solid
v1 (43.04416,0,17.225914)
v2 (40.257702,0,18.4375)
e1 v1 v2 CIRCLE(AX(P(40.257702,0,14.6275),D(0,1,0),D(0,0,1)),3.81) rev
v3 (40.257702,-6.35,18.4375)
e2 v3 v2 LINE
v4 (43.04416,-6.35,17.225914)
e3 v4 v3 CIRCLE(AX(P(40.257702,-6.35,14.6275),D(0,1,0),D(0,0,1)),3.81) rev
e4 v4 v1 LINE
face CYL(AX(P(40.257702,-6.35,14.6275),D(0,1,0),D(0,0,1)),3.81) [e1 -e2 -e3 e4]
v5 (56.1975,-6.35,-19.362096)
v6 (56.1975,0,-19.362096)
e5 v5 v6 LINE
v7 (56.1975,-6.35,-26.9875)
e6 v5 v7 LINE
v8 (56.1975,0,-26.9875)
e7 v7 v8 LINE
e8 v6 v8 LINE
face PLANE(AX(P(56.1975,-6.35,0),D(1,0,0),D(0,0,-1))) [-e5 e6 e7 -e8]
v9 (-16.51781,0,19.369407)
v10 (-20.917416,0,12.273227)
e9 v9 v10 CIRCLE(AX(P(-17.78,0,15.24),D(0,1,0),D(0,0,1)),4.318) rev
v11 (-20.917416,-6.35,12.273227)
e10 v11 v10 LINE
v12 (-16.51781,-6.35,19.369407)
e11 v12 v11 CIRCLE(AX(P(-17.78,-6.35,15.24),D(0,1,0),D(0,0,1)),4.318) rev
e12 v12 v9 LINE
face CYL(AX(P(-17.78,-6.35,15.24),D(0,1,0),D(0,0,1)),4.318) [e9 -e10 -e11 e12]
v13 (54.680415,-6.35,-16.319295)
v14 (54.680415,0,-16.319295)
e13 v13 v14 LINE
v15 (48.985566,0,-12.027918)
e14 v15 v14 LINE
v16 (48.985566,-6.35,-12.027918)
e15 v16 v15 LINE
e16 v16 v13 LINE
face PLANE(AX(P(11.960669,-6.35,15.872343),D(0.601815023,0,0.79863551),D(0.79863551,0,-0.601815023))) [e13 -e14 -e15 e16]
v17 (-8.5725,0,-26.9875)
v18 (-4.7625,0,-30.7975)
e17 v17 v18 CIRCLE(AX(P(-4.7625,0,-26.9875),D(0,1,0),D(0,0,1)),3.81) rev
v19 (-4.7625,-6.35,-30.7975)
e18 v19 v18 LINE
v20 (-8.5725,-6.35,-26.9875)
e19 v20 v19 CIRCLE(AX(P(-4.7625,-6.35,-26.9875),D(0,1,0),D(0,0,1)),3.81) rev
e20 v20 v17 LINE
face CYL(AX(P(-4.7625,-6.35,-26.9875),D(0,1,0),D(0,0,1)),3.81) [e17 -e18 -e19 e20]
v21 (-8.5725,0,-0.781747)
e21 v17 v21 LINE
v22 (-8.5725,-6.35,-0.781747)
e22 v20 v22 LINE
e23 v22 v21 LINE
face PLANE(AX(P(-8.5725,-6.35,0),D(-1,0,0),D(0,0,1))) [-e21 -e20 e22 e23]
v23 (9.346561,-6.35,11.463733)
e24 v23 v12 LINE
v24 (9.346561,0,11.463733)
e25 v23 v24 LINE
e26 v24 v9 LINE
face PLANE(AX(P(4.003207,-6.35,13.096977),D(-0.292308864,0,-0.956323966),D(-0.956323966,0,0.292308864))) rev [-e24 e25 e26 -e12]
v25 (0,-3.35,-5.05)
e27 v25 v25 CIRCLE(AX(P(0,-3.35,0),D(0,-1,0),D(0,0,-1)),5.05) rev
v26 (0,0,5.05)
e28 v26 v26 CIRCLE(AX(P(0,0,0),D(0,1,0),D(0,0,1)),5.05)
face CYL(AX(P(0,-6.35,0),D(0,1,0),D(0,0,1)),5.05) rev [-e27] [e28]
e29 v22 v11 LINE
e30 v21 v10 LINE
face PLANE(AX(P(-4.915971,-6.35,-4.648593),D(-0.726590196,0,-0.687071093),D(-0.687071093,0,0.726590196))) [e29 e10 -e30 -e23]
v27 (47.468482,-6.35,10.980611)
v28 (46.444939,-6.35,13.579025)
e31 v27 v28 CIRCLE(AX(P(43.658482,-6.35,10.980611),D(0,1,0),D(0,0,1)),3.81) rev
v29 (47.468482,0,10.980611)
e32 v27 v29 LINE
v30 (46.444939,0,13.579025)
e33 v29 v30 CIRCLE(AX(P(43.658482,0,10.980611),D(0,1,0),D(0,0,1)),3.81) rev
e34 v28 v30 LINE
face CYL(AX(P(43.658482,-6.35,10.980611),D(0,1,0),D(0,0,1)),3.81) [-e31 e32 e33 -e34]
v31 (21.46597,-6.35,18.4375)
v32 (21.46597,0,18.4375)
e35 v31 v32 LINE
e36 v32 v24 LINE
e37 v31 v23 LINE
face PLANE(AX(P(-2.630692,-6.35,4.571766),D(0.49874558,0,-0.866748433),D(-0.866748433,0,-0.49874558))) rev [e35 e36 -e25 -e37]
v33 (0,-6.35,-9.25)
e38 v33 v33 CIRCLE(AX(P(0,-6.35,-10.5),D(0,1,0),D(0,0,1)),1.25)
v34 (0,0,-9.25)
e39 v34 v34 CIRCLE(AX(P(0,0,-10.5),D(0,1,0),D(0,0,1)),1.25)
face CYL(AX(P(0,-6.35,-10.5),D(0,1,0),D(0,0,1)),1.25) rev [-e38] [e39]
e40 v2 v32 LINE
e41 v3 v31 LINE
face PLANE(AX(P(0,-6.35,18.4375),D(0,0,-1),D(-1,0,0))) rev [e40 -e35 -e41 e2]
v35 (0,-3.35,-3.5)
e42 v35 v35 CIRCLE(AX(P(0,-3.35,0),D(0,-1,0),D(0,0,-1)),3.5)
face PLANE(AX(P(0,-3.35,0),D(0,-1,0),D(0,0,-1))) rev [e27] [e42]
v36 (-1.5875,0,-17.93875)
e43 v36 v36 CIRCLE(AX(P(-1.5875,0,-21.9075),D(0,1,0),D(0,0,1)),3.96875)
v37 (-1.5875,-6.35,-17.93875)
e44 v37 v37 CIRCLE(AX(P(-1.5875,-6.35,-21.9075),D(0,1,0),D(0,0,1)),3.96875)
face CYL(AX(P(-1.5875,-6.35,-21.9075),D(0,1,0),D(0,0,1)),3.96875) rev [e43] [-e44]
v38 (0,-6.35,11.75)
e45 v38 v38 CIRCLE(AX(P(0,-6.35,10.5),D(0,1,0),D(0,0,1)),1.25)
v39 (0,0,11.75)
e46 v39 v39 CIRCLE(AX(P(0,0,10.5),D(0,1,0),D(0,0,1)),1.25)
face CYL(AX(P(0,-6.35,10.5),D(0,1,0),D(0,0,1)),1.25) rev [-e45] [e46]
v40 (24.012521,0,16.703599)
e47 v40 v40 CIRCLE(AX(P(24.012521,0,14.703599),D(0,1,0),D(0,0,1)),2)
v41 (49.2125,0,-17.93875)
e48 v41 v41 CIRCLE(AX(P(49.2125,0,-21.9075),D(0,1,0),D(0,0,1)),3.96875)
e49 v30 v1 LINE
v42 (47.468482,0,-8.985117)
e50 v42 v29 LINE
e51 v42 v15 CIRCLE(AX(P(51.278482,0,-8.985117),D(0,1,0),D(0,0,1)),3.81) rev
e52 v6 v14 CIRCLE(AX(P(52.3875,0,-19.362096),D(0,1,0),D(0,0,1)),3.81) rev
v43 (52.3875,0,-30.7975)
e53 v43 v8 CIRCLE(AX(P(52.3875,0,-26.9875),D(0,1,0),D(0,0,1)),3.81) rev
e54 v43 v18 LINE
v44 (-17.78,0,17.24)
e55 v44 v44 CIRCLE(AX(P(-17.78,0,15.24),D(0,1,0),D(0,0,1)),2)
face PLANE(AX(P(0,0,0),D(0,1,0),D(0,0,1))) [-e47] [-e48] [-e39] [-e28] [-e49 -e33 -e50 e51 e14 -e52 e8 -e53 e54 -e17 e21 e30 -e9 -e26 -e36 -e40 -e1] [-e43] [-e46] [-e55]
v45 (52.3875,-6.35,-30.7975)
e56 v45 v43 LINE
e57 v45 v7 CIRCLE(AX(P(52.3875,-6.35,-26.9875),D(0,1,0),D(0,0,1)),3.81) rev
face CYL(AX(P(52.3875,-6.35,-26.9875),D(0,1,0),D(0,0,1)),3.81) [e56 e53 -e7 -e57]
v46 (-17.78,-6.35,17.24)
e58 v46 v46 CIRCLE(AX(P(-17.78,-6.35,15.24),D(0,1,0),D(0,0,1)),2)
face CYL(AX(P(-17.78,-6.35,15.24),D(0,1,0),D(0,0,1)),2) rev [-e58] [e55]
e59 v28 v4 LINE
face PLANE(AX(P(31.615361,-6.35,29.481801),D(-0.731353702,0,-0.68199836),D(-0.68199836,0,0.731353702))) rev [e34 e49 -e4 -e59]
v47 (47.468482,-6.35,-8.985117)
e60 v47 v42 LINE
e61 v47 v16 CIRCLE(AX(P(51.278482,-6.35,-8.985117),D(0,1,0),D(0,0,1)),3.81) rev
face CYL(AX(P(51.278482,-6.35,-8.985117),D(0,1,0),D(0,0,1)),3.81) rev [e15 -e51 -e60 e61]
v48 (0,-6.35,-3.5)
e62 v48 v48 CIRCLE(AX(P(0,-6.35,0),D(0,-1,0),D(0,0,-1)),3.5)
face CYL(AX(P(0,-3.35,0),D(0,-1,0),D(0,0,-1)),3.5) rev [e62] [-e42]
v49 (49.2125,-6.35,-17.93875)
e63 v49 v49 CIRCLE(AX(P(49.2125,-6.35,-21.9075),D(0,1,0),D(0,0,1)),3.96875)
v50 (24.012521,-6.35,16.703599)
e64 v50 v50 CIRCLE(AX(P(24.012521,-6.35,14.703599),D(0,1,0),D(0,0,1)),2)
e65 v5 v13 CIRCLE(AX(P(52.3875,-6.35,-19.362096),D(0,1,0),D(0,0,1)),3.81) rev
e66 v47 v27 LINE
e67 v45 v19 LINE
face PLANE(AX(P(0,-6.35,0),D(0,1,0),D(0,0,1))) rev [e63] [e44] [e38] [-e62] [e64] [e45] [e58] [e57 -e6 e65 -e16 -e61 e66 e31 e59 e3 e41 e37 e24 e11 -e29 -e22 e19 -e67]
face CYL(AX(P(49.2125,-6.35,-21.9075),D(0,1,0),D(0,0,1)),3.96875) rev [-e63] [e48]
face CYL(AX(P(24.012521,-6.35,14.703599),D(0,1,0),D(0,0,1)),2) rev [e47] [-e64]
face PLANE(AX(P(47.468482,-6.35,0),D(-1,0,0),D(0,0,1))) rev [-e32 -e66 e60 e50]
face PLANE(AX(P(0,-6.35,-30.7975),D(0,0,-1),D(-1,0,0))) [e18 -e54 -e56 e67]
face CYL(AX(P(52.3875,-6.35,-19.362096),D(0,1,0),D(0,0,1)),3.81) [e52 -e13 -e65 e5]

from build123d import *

# Parameters (mm, degrees)
SKETCH4_R           = 2
SKETCH4_R_2         = 1.25
SKETCH4_R_3         = 5.05
SKETCH4_R_4         = 3.96875
BOSS_EXTRUDE2_DEPTH = 6.35
SKETCH31_R          = 6.35
SKETCH31_R_2        = 3.499999985
BOSS_EXTRUDE5_DEPTH = 3


with BuildPart() as part:
    # Sketch4 → Boss-Extrude2 (new body)
    # profile 1 of 2: a face of its own
    with BuildSketch(Plane(origin=(0, 0, 0), x_dir=(1, 0, 0), z_dir=(0, 1, 0))):
        with BuildLine():
            Line((21.46596982, -18.4375), (40.257702493, -18.4375))
            ThreePointArc((40.257702493, -18.4375), (41.776936446, -18.121498883), (43.044160097, -17.225913752))
            Line((43.044160097, -17.225913752), (46.444939319, -13.579024524))
            ThreePointArc((46.444939319, -13.579024524), (47.203372649, -12.376980446), (47.468481715, -10.980610773))
            Line((47.468481715, -10.980610773), (47.468481715, 8.985116992))
            ThreePointArc((47.468481715, 8.985116992), (47.868781798, 10.685130659), (48.985566477, 12.027918285))
            Line((48.985566477, 12.027918285), (54.680415238, 16.319294633))
            ThreePointArc((54.680415238, 16.319294633), (55.797199918, 17.662082259), (56.1975, 19.362095927))
            Line((56.1975, 19.362095927), (56.1975, 26.9875))
            ThreePointArc((56.1975, 26.9875), (55.081576836, 29.681576836), (52.3875, 30.7975))
            Line((52.3875, 30.7975), (-4.7625, 30.7975))
            ThreePointArc((-4.7625, 30.7975), (-7.456576836, 29.681576836), (-8.5725, 26.9875))
            Line((-8.5725, 26.9875), (-8.5725, 0.781747009))
            Line((-8.5725, 0.781747009), (-20.917416467, -12.27322702))
            ThreePointArc((-20.917416467, -12.27322702), (-21.4498857, -17.515316011), (-16.517810325, -19.369406885))
            Line((-16.517810325, -19.369406885), (9.346561417, -11.463733294))
            Line((9.346561417, -11.463733294), (21.46596982, -18.4375))
        make_face()
        with Locations(Location((-17.78, -15.24, 0), (0, 0, 270))):
            Circle(SKETCH4_R, mode=Mode.SUBTRACT)
        with Locations(Location((0, -10.5, 0), (0, 0, 270))):
            Circle(SKETCH4_R_2, mode=Mode.SUBTRACT)
        with Locations(Location((0, 0, 0), (0, 0, 270))):
            Circle(SKETCH4_R_3, mode=Mode.SUBTRACT)
        with Locations(Location((24.012521227, -14.703599027, 0), (0, 0, 270))):
            Circle(SKETCH4_R, mode=Mode.SUBTRACT)
        with Locations(Location((0, 10.5, 0), (0, 0, 270))):
            Circle(SKETCH4_R_2, mode=Mode.SUBTRACT)
        with Locations(Location((-1.5875, 21.9075, 0), (0, 0, 270))):
            Circle(SKETCH4_R_4, mode=Mode.SUBTRACT)
        with Locations(Location((49.2125, 21.9075, 0), (0, 0, 270))):
            Circle(SKETCH4_R_4, mode=Mode.SUBTRACT)
    # profile 2 of 2: a face of its own
    with BuildSketch(Plane(origin=(0, 0, 0), x_dir=(1, 0, 0), z_dir=(0, 1, 0))):
        with BuildLine():
            Line((21.46596982, -18.4375), (40.257702493, -18.4375))
            ThreePointArc((40.257702493, -18.4375), (41.776936446, -18.121498883), (43.044160097, -17.225913752))
            Line((43.044160097, -17.225913752), (46.444939319, -13.579024524))
            ThreePointArc((46.444939319, -13.579024524), (47.203372649, -12.376980446), (47.468481715, -10.980610773))
            Line((47.468481715, -10.980610773), (47.468481715, 8.985116992))
            ThreePointArc((47.468481715, 8.985116992), (47.868781798, 10.685130659), (48.985566477, 12.027918285))
            Line((48.985566477, 12.027918285), (54.680415238, 16.319294633))
            ThreePointArc((54.680415238, 16.319294633), (55.797199918, 17.662082259), (56.1975, 19.362095927))
            Line((56.1975, 19.362095927), (56.1975, 26.9875))
            ThreePointArc((56.1975, 26.9875), (55.081576836, 29.681576836), (52.3875, 30.7975))
            Line((52.3875, 30.7975), (-4.7625, 30.7975))
            ThreePointArc((-4.7625, 30.7975), (-7.456576836, 29.681576836), (-8.5725, 26.9875))
            Line((-8.5725, 26.9875), (-8.5725, 0.781747009))
            Line((-8.5725, 0.781747009), (-20.917416467, -12.27322702))
            ThreePointArc((-20.917416467, -12.27322702), (-21.4498857, -17.515316011), (-16.517810325, -19.369406885))
            Line((-16.517810325, -19.369406885), (9.346561417, -11.463733294))
            Line((9.346561417, -11.463733294), (21.46596982, -18.4375))
        make_face()
        with Locations(Location((-17.78, -15.24, 0), (0, 0, 270))):
            Circle(SKETCH4_R, mode=Mode.SUBTRACT)
        with Locations(Location((0, -10.5, 0), (0, 0, 270))):
            Circle(SKETCH4_R_2, mode=Mode.SUBTRACT)
        with Locations(Location((0, 0, 0), (0, 0, 270))):
            Circle(SKETCH4_R_3, mode=Mode.SUBTRACT)
        with Locations(Location((24.012521227, -14.703599027, 0), (0, 0, 270))):
            Circle(SKETCH4_R, mode=Mode.SUBTRACT)
        with Locations(Location((0, 10.5, 0), (0, 0, 270))):
            Circle(SKETCH4_R_2, mode=Mode.SUBTRACT)
        with Locations(Location((-1.5875, 21.9075, 0), (0, 0, 270))):
            Circle(SKETCH4_R_4, mode=Mode.SUBTRACT)
        with Locations(Location((49.2125, 21.9075, 0), (0, 0, 270))):
            Circle(SKETCH4_R_4, mode=Mode.SUBTRACT)
    extrude(amount=-BOSS_EXTRUDE2_DEPTH)

    # Sketch31 → Boss-Extrude5 (add)
    with BuildSketch(Plane.XZ.offset(6.35)):
        Circle(SKETCH31_R)
        with Locations(Location((0, 0, 0), (0, 0, 270))):
            Circle(SKETCH31_R_2, mode=Mode.SUBTRACT)
    extrude(amount=-BOSS_EXTRUDE5_DEPTH)


solid = part.part
